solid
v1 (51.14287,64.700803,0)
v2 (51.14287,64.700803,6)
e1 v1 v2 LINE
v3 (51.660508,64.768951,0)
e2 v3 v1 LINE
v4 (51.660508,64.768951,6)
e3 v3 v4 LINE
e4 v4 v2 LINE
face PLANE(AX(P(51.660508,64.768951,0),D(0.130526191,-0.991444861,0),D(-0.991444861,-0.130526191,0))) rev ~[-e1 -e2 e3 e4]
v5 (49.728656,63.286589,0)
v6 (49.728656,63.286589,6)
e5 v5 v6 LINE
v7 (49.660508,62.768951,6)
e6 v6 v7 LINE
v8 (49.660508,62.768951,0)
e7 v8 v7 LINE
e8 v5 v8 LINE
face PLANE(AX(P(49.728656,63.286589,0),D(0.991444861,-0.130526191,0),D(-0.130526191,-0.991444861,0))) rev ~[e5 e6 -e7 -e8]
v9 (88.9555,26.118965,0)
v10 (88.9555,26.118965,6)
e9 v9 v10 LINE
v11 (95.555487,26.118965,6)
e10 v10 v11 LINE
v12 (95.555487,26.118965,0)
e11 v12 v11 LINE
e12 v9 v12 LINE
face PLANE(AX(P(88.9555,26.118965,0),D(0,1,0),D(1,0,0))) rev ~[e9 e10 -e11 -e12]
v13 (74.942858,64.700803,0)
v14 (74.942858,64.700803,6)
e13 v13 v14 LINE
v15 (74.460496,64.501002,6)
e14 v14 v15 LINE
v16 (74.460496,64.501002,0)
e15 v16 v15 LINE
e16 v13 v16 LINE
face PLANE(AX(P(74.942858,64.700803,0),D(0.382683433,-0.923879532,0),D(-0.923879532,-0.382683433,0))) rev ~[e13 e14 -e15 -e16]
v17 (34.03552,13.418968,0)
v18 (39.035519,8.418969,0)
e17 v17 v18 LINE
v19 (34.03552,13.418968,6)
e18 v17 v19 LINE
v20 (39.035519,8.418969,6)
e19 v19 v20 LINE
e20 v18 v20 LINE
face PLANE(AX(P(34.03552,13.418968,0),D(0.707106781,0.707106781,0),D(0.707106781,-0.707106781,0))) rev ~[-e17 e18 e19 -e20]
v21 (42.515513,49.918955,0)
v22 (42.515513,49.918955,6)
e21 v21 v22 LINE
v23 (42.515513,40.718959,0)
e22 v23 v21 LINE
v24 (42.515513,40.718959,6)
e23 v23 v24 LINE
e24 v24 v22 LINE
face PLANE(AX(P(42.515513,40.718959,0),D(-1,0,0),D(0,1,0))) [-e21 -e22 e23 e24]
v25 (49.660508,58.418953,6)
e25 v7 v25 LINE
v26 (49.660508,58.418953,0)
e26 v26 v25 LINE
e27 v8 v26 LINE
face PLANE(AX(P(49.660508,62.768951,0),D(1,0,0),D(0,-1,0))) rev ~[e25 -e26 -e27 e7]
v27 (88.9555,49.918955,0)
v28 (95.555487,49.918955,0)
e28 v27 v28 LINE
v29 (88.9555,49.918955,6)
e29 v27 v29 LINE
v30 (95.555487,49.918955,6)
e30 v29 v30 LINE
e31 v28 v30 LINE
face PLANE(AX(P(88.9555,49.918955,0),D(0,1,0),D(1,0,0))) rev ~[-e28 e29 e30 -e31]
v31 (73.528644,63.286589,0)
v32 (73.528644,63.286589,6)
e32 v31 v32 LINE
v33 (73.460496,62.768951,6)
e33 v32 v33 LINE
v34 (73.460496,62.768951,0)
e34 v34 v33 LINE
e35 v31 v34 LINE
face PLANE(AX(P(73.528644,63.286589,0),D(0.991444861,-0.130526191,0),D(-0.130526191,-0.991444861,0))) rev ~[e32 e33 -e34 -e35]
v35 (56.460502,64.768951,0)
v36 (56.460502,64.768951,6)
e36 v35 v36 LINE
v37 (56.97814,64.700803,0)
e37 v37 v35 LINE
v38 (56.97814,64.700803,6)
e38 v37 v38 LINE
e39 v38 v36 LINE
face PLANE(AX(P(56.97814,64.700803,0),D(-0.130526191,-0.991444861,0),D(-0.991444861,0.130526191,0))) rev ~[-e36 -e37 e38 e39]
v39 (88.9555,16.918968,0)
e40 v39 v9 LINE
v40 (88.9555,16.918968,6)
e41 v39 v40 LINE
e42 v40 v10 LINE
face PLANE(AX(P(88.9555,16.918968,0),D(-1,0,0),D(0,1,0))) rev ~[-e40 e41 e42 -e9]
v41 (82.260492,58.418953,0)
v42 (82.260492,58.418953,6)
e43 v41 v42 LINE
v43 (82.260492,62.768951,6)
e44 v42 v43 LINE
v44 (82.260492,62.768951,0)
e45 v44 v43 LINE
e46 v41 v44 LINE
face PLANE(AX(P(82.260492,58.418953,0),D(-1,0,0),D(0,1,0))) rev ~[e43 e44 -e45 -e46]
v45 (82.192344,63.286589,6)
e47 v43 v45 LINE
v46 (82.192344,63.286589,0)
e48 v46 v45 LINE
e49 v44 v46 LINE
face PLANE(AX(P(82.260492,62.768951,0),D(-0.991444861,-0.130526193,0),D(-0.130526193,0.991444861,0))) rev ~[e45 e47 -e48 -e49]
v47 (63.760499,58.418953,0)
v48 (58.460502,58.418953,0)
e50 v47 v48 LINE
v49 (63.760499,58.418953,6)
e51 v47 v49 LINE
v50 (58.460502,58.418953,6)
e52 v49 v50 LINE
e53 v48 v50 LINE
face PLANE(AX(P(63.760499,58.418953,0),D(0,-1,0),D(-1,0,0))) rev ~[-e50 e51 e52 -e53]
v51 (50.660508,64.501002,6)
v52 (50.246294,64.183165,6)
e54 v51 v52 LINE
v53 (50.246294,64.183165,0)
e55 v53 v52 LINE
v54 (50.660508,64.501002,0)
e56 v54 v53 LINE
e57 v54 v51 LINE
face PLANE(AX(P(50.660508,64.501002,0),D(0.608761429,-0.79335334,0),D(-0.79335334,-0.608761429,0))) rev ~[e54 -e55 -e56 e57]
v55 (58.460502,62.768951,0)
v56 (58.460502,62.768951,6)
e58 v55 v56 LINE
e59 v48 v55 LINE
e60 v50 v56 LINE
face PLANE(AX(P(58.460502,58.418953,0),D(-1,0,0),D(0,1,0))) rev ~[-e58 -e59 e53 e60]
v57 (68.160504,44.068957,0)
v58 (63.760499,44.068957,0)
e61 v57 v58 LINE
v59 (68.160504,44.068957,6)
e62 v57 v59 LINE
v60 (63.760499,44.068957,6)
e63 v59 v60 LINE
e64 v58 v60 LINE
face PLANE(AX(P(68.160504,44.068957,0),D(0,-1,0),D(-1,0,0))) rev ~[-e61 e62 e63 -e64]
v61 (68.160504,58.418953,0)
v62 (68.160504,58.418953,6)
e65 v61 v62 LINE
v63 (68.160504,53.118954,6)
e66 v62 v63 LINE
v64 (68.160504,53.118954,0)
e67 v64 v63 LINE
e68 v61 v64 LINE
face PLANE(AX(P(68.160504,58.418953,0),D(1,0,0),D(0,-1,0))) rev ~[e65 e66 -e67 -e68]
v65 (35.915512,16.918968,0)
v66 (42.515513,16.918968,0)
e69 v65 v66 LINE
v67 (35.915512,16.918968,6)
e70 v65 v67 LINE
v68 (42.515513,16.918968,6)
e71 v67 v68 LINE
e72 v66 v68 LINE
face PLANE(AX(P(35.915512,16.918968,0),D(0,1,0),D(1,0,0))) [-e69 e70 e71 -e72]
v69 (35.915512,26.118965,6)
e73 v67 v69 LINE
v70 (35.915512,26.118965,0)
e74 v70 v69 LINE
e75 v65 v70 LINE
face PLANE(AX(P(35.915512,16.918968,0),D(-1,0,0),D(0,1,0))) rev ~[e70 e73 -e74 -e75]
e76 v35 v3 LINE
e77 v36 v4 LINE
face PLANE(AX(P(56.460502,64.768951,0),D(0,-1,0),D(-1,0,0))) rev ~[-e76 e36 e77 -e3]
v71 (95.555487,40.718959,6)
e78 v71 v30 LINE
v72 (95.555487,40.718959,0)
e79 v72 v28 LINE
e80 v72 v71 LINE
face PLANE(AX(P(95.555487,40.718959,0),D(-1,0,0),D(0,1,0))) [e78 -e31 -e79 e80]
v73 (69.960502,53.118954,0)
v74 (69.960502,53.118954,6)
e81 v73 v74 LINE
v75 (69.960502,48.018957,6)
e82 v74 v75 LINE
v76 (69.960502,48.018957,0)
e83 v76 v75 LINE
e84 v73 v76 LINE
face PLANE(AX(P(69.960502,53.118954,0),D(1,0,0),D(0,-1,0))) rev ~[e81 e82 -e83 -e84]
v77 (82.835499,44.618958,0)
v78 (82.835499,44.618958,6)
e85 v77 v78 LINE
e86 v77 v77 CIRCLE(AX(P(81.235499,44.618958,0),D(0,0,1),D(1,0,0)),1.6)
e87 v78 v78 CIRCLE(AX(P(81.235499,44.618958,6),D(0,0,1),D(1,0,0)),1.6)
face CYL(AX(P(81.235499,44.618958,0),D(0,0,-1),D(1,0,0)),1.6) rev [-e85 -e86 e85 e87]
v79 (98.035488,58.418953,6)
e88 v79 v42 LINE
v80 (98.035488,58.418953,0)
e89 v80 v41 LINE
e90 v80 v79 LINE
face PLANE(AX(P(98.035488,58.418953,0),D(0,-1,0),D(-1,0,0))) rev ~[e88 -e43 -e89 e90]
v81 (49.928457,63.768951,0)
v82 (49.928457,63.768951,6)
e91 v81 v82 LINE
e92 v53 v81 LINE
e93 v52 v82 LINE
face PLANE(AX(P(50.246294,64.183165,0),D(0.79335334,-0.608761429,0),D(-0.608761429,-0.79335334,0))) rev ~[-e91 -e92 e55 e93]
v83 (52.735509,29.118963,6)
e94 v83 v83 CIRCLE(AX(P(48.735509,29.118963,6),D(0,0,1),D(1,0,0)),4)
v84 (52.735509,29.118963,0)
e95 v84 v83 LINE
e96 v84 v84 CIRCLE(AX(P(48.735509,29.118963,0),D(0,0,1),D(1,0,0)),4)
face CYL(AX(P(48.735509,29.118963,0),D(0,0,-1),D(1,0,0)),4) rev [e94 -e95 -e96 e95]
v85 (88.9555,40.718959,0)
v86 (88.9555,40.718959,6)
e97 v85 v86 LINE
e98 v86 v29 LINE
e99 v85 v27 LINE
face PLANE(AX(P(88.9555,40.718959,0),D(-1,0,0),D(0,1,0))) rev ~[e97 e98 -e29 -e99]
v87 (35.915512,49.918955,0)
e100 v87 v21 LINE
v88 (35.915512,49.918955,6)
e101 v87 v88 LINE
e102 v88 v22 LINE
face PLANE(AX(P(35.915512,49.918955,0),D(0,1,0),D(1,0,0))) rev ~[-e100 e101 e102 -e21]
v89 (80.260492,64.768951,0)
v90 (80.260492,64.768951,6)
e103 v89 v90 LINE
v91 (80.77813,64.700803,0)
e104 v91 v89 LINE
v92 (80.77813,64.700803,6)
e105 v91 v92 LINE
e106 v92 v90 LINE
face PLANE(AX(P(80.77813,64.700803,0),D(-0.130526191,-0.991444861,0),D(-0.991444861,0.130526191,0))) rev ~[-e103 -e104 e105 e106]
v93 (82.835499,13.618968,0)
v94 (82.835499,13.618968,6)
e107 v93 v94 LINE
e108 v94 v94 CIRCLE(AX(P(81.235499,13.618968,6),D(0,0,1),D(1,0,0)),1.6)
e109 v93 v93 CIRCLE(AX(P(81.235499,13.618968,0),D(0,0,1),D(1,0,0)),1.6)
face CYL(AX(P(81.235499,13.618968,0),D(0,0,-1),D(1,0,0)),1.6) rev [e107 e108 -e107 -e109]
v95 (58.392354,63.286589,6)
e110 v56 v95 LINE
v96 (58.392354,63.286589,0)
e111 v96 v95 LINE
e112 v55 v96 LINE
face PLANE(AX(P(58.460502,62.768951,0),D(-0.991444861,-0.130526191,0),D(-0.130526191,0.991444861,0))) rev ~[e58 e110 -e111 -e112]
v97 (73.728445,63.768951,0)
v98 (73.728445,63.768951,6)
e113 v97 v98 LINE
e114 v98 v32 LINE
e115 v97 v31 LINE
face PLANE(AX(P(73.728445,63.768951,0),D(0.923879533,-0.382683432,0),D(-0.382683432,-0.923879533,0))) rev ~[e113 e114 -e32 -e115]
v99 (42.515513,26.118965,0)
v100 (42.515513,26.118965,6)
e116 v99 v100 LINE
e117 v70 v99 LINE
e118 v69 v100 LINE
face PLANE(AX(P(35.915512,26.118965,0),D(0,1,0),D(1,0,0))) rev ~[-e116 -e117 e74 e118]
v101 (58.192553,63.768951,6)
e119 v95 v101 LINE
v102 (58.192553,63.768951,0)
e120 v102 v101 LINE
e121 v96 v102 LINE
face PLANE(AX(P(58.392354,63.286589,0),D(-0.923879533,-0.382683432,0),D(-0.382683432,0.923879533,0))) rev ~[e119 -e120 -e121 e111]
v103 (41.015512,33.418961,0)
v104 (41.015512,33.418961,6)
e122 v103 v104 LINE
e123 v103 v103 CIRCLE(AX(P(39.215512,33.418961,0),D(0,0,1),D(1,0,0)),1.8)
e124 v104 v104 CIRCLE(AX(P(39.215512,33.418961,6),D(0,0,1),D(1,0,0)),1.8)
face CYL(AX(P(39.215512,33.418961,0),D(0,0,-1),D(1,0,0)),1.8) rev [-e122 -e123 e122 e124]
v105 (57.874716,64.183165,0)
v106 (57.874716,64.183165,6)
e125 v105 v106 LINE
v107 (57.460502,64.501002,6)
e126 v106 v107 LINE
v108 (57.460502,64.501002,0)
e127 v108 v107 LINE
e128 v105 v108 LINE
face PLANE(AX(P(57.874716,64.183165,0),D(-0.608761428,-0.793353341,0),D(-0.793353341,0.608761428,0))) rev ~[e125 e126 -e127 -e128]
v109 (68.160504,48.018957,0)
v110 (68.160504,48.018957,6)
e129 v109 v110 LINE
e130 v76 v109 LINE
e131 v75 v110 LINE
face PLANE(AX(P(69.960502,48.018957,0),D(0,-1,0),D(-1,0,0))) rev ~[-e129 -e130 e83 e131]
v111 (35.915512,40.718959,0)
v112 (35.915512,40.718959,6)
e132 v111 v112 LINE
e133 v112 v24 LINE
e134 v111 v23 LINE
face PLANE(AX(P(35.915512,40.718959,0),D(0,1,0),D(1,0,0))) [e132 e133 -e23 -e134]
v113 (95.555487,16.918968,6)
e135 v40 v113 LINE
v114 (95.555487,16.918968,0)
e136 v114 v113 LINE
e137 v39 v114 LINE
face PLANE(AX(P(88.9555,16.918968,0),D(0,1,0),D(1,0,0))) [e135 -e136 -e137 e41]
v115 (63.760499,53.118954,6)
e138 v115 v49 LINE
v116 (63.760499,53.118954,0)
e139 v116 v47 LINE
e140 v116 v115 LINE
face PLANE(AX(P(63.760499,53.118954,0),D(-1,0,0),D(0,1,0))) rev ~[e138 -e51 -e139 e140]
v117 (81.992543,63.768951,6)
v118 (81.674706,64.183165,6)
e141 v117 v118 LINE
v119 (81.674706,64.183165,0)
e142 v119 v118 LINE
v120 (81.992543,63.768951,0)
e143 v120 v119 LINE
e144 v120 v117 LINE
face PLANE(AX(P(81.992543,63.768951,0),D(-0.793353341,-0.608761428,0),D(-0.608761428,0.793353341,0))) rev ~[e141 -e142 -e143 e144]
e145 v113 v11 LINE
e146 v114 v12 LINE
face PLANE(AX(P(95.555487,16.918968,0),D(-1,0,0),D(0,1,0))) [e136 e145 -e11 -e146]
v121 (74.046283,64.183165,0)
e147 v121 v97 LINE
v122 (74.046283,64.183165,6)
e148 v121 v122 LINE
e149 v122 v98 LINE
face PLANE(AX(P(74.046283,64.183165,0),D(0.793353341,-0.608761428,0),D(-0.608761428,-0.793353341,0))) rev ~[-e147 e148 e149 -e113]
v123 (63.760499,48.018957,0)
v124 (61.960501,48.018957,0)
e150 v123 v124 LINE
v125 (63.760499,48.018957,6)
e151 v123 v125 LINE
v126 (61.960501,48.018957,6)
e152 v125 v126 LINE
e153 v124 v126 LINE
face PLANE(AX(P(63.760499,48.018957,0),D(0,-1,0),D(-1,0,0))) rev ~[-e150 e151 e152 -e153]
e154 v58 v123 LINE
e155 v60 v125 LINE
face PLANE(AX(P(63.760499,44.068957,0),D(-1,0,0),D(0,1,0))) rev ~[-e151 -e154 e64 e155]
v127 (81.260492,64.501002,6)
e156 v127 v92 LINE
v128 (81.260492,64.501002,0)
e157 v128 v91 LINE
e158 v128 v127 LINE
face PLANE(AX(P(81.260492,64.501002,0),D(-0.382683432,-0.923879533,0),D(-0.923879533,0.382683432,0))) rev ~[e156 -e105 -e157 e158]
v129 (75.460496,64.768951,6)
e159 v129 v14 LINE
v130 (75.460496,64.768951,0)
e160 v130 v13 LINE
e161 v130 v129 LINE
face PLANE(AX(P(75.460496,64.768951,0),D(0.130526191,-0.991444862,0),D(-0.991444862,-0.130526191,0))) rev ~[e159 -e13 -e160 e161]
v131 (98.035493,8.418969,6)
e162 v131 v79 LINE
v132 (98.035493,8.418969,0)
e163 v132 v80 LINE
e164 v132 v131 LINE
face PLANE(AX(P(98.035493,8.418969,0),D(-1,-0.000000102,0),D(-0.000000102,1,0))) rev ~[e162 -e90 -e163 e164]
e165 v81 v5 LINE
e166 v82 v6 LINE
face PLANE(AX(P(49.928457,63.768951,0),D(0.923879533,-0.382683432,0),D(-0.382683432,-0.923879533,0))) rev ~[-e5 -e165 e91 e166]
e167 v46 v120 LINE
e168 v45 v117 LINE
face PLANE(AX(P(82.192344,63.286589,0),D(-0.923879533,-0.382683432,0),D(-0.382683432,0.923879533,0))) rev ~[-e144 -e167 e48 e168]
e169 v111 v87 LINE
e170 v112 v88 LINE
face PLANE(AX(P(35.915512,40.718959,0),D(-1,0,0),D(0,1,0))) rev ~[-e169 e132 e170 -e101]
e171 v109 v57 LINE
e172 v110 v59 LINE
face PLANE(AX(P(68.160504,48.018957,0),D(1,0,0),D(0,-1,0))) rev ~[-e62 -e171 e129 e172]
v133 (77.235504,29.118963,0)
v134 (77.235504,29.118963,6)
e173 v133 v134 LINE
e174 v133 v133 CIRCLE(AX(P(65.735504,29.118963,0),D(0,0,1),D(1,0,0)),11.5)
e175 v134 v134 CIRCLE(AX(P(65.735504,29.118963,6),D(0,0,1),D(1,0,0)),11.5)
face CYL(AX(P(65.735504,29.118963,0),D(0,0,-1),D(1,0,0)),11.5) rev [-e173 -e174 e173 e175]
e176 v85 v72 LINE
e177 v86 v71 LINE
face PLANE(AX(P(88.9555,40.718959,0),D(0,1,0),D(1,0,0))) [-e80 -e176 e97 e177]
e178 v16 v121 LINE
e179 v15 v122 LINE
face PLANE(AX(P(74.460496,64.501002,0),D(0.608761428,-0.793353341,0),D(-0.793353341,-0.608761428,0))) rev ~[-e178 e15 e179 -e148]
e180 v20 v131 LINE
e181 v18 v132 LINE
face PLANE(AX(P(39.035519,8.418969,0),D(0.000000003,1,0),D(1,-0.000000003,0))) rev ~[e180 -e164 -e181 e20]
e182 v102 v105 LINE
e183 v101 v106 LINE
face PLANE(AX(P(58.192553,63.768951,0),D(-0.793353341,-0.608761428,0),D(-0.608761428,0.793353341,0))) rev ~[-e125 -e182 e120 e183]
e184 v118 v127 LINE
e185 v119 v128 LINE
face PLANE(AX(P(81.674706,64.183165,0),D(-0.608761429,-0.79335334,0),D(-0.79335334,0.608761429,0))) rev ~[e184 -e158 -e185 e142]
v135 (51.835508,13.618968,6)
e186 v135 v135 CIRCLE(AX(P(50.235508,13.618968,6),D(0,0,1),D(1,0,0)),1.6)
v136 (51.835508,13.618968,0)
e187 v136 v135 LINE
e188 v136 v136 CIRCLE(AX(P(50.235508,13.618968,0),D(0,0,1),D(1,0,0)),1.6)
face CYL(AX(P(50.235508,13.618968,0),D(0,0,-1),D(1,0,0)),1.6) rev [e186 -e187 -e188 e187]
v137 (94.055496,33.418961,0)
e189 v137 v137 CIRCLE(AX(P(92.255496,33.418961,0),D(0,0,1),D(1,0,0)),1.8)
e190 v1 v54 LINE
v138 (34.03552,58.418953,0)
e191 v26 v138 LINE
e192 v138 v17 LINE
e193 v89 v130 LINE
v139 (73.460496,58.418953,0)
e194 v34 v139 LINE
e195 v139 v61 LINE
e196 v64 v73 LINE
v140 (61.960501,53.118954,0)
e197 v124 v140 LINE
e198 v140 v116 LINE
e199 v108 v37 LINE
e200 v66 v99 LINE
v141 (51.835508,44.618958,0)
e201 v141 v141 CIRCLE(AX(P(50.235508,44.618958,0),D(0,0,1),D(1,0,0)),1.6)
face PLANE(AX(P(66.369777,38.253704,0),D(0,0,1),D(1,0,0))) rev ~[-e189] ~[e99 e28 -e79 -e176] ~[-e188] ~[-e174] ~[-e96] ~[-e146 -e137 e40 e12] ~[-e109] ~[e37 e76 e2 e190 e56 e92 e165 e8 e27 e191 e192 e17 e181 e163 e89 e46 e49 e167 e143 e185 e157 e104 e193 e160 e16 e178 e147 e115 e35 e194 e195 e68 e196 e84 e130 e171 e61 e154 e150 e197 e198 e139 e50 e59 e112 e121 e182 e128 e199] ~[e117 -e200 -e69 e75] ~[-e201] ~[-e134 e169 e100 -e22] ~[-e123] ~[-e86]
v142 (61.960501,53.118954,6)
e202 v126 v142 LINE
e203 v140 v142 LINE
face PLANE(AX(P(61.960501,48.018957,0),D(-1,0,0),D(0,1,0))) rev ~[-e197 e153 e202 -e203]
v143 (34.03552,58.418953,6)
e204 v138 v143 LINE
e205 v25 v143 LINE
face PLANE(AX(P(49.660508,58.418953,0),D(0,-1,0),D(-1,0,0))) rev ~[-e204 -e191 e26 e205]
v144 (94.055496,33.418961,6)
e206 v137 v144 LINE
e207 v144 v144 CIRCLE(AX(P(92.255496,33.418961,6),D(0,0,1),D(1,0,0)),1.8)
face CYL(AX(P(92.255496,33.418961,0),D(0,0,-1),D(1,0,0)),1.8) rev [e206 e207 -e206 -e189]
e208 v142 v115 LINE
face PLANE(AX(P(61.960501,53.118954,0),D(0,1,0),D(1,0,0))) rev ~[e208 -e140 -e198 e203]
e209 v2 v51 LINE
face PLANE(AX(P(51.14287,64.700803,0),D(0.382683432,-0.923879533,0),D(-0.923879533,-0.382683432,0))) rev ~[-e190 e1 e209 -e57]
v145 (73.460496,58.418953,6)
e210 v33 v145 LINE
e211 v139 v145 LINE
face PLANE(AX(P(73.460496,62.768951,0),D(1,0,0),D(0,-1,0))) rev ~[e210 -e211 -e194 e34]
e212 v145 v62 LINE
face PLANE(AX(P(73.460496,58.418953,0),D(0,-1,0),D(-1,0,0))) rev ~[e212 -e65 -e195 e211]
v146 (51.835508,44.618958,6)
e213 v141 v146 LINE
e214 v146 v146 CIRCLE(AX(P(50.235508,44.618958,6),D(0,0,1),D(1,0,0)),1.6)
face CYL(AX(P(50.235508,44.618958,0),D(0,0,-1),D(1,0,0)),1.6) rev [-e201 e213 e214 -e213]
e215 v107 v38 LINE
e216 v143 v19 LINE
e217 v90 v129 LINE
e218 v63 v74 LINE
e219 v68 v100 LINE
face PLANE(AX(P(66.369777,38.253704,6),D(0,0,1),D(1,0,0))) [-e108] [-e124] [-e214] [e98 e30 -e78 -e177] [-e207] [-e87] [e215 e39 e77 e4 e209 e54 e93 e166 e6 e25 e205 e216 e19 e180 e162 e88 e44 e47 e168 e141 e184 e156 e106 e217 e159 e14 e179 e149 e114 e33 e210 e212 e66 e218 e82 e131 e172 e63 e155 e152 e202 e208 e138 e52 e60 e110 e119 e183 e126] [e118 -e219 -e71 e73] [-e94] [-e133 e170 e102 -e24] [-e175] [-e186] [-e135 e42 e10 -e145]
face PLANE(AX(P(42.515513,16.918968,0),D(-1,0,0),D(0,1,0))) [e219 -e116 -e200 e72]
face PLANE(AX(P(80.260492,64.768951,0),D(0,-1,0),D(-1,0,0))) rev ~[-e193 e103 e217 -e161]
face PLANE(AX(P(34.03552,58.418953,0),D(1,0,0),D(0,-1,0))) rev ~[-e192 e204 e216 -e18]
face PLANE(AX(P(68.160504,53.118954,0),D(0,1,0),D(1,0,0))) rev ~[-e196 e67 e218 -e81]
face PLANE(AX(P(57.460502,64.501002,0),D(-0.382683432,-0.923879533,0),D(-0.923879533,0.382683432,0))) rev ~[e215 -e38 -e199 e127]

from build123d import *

# Parameters (mm, degrees)
MODEL_R                  = 1.6
MODEL_R_2                = 1.8
MODEL_R_3                = 4
MODEL_R_4                = 11.5
MODEL_W                  = 6.599987016
MODEL_H                  = 9.199995837
MODEL_W_2                = 6.600001917
MODEL_H_2                = 9.1999977
RESSALTO_EXTRUS_O1_DEPTH = 6


with BuildPart() as part:
    # Model → Ressalto-extrusão1 (new body)
    with BuildSketch(Plane.XY):
        Polygon((68.160504095, 58.4189533), (68.160504095, 53.118954478), (69.960502327, 53.118954478), (69.960502327, 48.018956714), (68.160504095, 48.018956714), (68.160504095, 44.068956891), (63.760499423, 44.068956891), (63.760499423, 48.018956714), (61.960501191, 48.018956714), (61.960501191, 53.118954478), (63.760499423, 53.118954478), (63.760499423, 58.4189533), (58.460502168, 58.4189533), (58.460502168, 62.768951191), (58.392353821, 63.286589281), (58.192552976, 63.768951191), (57.874715731, 64.183164754), (57.460502168, 64.501001999), (56.978140258, 64.700802844), (56.460502168, 64.768951191), (51.660507726, 64.768951191), (51.142869636, 64.700802844), (50.660507726, 64.501001999), (50.246294164, 64.183164754), (49.928456918, 63.768951191), (49.728656073, 63.286589281), (49.660507726, 62.768951191), (49.660507726, 58.4189533), (34.035520335, 58.4189533), (34.035520335, 13.418967617), (39.035518735, 8.418969217), (98.035493414, 8.418969027), (98.035488298, 58.4189533), (82.260492067, 58.4189533), (82.260492067, 62.768951191), (82.192343719, 63.286589281), (81.992542874, 63.768951191), (81.674705629, 64.183164754), (81.260492067, 64.501001999), (80.778130157, 64.700802844), (80.260492067, 64.768951191), (75.460496102, 64.768951191), (74.942858011, 64.700802844), (74.460496102, 64.501001999), (74.046282539, 64.183164754), (73.728445294, 63.768951191), (73.528644449, 63.286589281), (73.460496102, 62.768951191), (73.460496102, 58.4189533), align=None)
        with Locations((50.235508479, 44.618957639)):
            Circle(MODEL_R, mode=Mode.SUBTRACT)
        with Locations((50.235508479, 13.618967559)):
            Circle(MODEL_R, mode=Mode.SUBTRACT)
        with Locations((81.235498559, 13.618967559)):
            Circle(MODEL_R, mode=Mode.SUBTRACT)
        with Locations((81.235498559, 44.618957639)):
            Circle(MODEL_R, mode=Mode.SUBTRACT)
        with Locations((92.255495512, 33.418961223)):
            Circle(MODEL_R_2, mode=Mode.SUBTRACT)
        with Locations((39.215511525, 33.418961223)):
            Circle(MODEL_R_2, mode=Mode.SUBTRACT)
        with Locations((48.735508959, 29.118962599)):
            Circle(MODEL_R_3, mode=Mode.SUBTRACT)
        with Locations((65.735503519, 29.118962599)):
            Circle(MODEL_R_4, mode=Mode.SUBTRACT)
        with Locations((92.255493633, 45.318957274)):
            Rectangle(MODEL_W, MODEL_H, mode=Mode.SUBTRACT)
        with Locations((39.215512485, 45.318957274)):
            Rectangle(MODEL_W_2, MODEL_H, mode=Mode.SUBTRACT)
        with Locations((39.215512485, 21.518966444)):
            Rectangle(MODEL_W_2, MODEL_H_2, mode=Mode.SUBTRACT)
        with Locations((92.255493633, 21.518966444)):
            Rectangle(MODEL_W, MODEL_H_2, mode=Mode.SUBTRACT)
    extrude(amount=RESSALTO_EXTRUS_O1_DEPTH)


solid = part.part
